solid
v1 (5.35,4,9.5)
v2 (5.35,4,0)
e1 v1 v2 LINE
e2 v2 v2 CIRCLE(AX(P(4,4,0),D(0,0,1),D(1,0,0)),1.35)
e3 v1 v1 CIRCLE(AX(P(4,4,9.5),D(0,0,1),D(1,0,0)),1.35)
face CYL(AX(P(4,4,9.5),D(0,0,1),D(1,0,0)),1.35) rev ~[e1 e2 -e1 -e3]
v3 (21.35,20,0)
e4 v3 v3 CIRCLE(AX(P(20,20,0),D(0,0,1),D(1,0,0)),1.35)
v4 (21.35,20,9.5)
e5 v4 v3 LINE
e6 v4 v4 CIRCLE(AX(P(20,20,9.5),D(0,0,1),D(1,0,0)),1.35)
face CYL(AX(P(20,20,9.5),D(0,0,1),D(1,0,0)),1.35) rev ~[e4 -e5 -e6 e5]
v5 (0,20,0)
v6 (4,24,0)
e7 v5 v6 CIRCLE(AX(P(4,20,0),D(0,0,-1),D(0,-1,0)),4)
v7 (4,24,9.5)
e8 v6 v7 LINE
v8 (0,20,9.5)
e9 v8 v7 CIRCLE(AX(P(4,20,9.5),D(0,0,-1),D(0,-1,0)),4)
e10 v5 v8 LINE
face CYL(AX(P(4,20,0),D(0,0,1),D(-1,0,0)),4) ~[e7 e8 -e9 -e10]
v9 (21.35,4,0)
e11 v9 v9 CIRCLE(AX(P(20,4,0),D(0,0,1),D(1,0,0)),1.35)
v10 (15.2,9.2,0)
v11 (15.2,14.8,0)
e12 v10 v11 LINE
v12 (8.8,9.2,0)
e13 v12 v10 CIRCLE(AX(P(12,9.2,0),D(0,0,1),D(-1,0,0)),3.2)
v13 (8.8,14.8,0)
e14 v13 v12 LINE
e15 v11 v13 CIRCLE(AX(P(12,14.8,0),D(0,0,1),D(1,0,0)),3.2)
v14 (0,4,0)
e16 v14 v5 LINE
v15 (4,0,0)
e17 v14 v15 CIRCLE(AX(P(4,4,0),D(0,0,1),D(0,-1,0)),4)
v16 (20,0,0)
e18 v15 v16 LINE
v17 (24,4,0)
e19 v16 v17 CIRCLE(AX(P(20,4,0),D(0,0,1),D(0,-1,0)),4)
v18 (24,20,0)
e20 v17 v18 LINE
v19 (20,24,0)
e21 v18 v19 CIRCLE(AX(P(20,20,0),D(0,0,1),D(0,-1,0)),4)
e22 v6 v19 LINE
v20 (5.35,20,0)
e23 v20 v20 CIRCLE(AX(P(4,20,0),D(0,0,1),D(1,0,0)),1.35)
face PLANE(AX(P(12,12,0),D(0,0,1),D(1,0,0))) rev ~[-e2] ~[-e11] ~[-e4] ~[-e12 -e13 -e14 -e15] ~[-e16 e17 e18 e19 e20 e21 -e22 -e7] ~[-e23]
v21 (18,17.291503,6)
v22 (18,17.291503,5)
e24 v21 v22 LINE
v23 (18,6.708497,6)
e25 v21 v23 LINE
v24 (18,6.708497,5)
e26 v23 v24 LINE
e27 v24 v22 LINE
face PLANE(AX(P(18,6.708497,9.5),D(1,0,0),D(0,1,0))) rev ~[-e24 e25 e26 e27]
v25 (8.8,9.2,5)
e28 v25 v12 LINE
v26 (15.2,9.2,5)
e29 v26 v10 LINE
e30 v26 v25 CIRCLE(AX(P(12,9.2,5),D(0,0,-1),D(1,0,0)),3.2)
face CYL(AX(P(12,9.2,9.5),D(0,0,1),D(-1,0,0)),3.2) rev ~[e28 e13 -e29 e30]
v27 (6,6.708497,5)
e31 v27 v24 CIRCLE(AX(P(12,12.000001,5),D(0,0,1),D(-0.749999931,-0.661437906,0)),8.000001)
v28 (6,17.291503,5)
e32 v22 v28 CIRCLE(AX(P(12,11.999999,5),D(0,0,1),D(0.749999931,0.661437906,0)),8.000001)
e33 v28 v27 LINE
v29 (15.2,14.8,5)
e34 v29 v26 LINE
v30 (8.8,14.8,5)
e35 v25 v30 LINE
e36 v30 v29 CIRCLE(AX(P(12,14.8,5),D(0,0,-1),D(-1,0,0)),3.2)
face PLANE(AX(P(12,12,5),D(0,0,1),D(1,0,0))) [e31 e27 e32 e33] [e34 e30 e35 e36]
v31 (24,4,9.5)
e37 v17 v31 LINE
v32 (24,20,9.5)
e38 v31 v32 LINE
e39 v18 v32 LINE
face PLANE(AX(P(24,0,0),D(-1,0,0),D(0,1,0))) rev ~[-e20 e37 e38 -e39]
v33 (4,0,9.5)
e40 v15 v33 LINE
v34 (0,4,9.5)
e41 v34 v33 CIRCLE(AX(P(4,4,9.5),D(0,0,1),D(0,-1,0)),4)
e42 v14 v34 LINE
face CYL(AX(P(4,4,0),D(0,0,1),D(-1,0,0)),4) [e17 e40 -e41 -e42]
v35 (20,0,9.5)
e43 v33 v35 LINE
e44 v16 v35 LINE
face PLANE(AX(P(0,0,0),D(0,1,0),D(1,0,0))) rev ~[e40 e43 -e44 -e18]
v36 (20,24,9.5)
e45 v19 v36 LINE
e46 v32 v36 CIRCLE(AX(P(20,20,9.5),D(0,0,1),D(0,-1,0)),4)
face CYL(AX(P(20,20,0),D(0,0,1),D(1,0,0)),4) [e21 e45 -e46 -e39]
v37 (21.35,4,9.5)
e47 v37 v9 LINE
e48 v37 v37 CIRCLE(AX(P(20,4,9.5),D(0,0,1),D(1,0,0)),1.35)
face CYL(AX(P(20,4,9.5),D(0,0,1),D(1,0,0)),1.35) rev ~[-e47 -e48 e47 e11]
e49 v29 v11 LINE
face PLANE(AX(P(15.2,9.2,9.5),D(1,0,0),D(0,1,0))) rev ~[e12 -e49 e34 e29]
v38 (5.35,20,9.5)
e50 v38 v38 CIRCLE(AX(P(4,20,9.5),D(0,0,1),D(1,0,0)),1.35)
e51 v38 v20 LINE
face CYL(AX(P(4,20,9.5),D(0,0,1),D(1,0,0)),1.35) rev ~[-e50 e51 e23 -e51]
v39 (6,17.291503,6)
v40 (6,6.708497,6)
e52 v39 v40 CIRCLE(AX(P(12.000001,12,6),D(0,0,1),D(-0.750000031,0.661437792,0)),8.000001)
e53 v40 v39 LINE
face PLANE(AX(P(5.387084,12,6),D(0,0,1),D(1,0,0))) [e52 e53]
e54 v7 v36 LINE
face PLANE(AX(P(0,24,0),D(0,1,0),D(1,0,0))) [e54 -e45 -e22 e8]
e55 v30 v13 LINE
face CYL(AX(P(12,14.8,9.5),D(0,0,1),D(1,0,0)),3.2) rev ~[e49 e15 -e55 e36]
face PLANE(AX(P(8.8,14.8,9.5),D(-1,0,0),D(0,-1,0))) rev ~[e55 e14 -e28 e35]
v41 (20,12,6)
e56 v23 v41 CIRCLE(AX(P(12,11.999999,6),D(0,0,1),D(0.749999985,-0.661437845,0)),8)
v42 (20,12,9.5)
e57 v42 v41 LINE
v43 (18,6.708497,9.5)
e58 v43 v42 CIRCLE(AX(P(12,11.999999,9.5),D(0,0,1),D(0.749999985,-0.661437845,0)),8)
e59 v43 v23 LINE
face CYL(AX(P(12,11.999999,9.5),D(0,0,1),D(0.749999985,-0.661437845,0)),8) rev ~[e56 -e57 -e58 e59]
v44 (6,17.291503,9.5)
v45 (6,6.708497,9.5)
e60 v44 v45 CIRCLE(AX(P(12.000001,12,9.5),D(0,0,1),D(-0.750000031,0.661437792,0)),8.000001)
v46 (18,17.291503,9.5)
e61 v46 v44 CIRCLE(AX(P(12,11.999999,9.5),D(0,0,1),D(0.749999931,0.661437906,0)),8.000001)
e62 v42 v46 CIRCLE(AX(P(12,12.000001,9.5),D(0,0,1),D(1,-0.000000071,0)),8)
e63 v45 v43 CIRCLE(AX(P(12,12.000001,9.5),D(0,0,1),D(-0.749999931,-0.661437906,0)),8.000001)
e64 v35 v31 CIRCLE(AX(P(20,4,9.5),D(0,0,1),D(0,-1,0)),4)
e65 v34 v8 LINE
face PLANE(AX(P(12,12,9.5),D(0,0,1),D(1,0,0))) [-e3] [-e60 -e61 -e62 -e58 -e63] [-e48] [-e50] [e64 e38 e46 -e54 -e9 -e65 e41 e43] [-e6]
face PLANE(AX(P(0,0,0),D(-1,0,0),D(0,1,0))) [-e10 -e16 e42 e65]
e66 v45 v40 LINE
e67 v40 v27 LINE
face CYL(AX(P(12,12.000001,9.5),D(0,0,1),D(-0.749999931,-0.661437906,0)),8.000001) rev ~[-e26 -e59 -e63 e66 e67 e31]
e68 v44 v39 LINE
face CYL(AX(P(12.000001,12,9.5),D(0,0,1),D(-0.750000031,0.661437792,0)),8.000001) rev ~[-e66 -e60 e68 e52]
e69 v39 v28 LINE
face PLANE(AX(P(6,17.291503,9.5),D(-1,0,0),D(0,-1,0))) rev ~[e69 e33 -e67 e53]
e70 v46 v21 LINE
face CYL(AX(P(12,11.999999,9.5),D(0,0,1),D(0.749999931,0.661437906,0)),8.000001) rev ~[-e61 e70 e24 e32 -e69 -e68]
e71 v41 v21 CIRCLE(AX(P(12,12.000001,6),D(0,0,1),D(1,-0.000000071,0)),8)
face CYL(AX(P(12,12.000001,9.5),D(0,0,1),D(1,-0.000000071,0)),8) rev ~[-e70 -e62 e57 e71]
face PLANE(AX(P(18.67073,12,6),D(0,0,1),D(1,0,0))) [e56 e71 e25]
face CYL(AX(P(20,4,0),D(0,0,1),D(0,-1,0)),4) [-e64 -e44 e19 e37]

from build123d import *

# Parameters (mm, degrees)
F0_W      = 24
F0_H      = 24
F1_DEPTH  = 9.5
F4_R      = 4
F7_DEPTH  = 9.501
F8_DEPTH  = 4.5
F9_DEPTH  = 3.5
F5_R      = 1.35
F10_DEPTH = 9.501


with BuildPart() as f1:
    # F0 (on Top) → F1 (new body)
    with BuildSketch(Plane.XY):
        with Locations((12, 12)):
            Rectangle(F0_W, F0_H)
    extrude(amount=F1_DEPTH)

    # F4
    f4_edges = [f1.edges().sort_by_distance(p)[0] for p in [
        (0, 0, 4.75),
        (24, 0, 4.75),
        (24, 24, 4.75),
        (0, 24, 4.75),
    ]]
    fillet(f4_edges, radius=F4_R)

    # F6 (on face) → F7 (cut, through all)
    with BuildSketch(Plane.XY.offset(9.5)):
        with BuildLine():
            ThreePointArc((15.2, 14.8), (12, 18), (8.8, 14.8))
            Line((8.8, 14.8), (8.8, 9.2))
            ThreePointArc((8.8, 9.2), (12, 6), (15.2, 9.2))
            Line((15.2, 9.2), (15.2, 14.8))
        make_face()
    extrude(amount=-F7_DEPTH, mode=Mode.SUBTRACT)

    # F6 (on face) → F8 (cut, through all)
    with BuildSketch(Plane.XY.offset(9.5)):
        with BuildLine():
            Line((18, 12), (18, 17.291503))
            ThreePointArc((18, 17.291503), (12, 20), (6, 17.291503))
            Line((6, 17.291503), (6, 12))
            Line((6, 12), (6, 6.708497))
            ThreePointArc((6, 6.708497), (12, 4), (18, 6.708497))
            Line((18, 6.708497), (18, 12))
        make_face()
        with BuildLine():
            Line((8.8, 9.2), (8.8, 14.8))
            ThreePointArc((8.8, 14.8), (12, 18), (15.2, 14.8))
            Line((15.2, 14.8), (15.2, 9.2))
            ThreePointArc((15.2, 9.2), (12, 6), (8.8, 9.2))
        make_face(mode=Mode.SUBTRACT)
    extrude(amount=-F8_DEPTH, mode=Mode.SUBTRACT)

    # F6 (on face) → F9 (cut, through all)
    with BuildSketch(Plane.XY.offset(9.5)):
        with BuildLine():
            Line((6, 12), (6, 17.291503))
            ThreePointArc((6, 17.291503), (4, 12), (6, 6.708497))
            Line((6, 6.708497), (6, 12))
        make_face()
        with BuildLine():
            ThreePointArc((18, 6.708497), (19.483315, 9.171573), (20, 12))
            ThreePointArc((20, 12), (19.483315, 14.828427), (18, 17.291503))
            Line((18, 17.291503), (18, 12))
            Line((18, 12), (18, 6.708497))
        make_face()
    extrude(amount=-F9_DEPTH, mode=Mode.SUBTRACT)

    # F5 (on face) → F10 (cut, through all)
    with BuildSketch(Plane.XY.offset(9.5)):
        with Locations((4, 4)):
            Circle(F5_R)
        with Locations((4, 20)):
            Circle(F5_R)
        with Locations((20, 4)):
            Circle(F5_R)
        with Locations((20, 20)):
            Circle(F5_R)
    extrude(amount=-F10_DEPTH, mode=Mode.SUBTRACT)


solid = f1.part
